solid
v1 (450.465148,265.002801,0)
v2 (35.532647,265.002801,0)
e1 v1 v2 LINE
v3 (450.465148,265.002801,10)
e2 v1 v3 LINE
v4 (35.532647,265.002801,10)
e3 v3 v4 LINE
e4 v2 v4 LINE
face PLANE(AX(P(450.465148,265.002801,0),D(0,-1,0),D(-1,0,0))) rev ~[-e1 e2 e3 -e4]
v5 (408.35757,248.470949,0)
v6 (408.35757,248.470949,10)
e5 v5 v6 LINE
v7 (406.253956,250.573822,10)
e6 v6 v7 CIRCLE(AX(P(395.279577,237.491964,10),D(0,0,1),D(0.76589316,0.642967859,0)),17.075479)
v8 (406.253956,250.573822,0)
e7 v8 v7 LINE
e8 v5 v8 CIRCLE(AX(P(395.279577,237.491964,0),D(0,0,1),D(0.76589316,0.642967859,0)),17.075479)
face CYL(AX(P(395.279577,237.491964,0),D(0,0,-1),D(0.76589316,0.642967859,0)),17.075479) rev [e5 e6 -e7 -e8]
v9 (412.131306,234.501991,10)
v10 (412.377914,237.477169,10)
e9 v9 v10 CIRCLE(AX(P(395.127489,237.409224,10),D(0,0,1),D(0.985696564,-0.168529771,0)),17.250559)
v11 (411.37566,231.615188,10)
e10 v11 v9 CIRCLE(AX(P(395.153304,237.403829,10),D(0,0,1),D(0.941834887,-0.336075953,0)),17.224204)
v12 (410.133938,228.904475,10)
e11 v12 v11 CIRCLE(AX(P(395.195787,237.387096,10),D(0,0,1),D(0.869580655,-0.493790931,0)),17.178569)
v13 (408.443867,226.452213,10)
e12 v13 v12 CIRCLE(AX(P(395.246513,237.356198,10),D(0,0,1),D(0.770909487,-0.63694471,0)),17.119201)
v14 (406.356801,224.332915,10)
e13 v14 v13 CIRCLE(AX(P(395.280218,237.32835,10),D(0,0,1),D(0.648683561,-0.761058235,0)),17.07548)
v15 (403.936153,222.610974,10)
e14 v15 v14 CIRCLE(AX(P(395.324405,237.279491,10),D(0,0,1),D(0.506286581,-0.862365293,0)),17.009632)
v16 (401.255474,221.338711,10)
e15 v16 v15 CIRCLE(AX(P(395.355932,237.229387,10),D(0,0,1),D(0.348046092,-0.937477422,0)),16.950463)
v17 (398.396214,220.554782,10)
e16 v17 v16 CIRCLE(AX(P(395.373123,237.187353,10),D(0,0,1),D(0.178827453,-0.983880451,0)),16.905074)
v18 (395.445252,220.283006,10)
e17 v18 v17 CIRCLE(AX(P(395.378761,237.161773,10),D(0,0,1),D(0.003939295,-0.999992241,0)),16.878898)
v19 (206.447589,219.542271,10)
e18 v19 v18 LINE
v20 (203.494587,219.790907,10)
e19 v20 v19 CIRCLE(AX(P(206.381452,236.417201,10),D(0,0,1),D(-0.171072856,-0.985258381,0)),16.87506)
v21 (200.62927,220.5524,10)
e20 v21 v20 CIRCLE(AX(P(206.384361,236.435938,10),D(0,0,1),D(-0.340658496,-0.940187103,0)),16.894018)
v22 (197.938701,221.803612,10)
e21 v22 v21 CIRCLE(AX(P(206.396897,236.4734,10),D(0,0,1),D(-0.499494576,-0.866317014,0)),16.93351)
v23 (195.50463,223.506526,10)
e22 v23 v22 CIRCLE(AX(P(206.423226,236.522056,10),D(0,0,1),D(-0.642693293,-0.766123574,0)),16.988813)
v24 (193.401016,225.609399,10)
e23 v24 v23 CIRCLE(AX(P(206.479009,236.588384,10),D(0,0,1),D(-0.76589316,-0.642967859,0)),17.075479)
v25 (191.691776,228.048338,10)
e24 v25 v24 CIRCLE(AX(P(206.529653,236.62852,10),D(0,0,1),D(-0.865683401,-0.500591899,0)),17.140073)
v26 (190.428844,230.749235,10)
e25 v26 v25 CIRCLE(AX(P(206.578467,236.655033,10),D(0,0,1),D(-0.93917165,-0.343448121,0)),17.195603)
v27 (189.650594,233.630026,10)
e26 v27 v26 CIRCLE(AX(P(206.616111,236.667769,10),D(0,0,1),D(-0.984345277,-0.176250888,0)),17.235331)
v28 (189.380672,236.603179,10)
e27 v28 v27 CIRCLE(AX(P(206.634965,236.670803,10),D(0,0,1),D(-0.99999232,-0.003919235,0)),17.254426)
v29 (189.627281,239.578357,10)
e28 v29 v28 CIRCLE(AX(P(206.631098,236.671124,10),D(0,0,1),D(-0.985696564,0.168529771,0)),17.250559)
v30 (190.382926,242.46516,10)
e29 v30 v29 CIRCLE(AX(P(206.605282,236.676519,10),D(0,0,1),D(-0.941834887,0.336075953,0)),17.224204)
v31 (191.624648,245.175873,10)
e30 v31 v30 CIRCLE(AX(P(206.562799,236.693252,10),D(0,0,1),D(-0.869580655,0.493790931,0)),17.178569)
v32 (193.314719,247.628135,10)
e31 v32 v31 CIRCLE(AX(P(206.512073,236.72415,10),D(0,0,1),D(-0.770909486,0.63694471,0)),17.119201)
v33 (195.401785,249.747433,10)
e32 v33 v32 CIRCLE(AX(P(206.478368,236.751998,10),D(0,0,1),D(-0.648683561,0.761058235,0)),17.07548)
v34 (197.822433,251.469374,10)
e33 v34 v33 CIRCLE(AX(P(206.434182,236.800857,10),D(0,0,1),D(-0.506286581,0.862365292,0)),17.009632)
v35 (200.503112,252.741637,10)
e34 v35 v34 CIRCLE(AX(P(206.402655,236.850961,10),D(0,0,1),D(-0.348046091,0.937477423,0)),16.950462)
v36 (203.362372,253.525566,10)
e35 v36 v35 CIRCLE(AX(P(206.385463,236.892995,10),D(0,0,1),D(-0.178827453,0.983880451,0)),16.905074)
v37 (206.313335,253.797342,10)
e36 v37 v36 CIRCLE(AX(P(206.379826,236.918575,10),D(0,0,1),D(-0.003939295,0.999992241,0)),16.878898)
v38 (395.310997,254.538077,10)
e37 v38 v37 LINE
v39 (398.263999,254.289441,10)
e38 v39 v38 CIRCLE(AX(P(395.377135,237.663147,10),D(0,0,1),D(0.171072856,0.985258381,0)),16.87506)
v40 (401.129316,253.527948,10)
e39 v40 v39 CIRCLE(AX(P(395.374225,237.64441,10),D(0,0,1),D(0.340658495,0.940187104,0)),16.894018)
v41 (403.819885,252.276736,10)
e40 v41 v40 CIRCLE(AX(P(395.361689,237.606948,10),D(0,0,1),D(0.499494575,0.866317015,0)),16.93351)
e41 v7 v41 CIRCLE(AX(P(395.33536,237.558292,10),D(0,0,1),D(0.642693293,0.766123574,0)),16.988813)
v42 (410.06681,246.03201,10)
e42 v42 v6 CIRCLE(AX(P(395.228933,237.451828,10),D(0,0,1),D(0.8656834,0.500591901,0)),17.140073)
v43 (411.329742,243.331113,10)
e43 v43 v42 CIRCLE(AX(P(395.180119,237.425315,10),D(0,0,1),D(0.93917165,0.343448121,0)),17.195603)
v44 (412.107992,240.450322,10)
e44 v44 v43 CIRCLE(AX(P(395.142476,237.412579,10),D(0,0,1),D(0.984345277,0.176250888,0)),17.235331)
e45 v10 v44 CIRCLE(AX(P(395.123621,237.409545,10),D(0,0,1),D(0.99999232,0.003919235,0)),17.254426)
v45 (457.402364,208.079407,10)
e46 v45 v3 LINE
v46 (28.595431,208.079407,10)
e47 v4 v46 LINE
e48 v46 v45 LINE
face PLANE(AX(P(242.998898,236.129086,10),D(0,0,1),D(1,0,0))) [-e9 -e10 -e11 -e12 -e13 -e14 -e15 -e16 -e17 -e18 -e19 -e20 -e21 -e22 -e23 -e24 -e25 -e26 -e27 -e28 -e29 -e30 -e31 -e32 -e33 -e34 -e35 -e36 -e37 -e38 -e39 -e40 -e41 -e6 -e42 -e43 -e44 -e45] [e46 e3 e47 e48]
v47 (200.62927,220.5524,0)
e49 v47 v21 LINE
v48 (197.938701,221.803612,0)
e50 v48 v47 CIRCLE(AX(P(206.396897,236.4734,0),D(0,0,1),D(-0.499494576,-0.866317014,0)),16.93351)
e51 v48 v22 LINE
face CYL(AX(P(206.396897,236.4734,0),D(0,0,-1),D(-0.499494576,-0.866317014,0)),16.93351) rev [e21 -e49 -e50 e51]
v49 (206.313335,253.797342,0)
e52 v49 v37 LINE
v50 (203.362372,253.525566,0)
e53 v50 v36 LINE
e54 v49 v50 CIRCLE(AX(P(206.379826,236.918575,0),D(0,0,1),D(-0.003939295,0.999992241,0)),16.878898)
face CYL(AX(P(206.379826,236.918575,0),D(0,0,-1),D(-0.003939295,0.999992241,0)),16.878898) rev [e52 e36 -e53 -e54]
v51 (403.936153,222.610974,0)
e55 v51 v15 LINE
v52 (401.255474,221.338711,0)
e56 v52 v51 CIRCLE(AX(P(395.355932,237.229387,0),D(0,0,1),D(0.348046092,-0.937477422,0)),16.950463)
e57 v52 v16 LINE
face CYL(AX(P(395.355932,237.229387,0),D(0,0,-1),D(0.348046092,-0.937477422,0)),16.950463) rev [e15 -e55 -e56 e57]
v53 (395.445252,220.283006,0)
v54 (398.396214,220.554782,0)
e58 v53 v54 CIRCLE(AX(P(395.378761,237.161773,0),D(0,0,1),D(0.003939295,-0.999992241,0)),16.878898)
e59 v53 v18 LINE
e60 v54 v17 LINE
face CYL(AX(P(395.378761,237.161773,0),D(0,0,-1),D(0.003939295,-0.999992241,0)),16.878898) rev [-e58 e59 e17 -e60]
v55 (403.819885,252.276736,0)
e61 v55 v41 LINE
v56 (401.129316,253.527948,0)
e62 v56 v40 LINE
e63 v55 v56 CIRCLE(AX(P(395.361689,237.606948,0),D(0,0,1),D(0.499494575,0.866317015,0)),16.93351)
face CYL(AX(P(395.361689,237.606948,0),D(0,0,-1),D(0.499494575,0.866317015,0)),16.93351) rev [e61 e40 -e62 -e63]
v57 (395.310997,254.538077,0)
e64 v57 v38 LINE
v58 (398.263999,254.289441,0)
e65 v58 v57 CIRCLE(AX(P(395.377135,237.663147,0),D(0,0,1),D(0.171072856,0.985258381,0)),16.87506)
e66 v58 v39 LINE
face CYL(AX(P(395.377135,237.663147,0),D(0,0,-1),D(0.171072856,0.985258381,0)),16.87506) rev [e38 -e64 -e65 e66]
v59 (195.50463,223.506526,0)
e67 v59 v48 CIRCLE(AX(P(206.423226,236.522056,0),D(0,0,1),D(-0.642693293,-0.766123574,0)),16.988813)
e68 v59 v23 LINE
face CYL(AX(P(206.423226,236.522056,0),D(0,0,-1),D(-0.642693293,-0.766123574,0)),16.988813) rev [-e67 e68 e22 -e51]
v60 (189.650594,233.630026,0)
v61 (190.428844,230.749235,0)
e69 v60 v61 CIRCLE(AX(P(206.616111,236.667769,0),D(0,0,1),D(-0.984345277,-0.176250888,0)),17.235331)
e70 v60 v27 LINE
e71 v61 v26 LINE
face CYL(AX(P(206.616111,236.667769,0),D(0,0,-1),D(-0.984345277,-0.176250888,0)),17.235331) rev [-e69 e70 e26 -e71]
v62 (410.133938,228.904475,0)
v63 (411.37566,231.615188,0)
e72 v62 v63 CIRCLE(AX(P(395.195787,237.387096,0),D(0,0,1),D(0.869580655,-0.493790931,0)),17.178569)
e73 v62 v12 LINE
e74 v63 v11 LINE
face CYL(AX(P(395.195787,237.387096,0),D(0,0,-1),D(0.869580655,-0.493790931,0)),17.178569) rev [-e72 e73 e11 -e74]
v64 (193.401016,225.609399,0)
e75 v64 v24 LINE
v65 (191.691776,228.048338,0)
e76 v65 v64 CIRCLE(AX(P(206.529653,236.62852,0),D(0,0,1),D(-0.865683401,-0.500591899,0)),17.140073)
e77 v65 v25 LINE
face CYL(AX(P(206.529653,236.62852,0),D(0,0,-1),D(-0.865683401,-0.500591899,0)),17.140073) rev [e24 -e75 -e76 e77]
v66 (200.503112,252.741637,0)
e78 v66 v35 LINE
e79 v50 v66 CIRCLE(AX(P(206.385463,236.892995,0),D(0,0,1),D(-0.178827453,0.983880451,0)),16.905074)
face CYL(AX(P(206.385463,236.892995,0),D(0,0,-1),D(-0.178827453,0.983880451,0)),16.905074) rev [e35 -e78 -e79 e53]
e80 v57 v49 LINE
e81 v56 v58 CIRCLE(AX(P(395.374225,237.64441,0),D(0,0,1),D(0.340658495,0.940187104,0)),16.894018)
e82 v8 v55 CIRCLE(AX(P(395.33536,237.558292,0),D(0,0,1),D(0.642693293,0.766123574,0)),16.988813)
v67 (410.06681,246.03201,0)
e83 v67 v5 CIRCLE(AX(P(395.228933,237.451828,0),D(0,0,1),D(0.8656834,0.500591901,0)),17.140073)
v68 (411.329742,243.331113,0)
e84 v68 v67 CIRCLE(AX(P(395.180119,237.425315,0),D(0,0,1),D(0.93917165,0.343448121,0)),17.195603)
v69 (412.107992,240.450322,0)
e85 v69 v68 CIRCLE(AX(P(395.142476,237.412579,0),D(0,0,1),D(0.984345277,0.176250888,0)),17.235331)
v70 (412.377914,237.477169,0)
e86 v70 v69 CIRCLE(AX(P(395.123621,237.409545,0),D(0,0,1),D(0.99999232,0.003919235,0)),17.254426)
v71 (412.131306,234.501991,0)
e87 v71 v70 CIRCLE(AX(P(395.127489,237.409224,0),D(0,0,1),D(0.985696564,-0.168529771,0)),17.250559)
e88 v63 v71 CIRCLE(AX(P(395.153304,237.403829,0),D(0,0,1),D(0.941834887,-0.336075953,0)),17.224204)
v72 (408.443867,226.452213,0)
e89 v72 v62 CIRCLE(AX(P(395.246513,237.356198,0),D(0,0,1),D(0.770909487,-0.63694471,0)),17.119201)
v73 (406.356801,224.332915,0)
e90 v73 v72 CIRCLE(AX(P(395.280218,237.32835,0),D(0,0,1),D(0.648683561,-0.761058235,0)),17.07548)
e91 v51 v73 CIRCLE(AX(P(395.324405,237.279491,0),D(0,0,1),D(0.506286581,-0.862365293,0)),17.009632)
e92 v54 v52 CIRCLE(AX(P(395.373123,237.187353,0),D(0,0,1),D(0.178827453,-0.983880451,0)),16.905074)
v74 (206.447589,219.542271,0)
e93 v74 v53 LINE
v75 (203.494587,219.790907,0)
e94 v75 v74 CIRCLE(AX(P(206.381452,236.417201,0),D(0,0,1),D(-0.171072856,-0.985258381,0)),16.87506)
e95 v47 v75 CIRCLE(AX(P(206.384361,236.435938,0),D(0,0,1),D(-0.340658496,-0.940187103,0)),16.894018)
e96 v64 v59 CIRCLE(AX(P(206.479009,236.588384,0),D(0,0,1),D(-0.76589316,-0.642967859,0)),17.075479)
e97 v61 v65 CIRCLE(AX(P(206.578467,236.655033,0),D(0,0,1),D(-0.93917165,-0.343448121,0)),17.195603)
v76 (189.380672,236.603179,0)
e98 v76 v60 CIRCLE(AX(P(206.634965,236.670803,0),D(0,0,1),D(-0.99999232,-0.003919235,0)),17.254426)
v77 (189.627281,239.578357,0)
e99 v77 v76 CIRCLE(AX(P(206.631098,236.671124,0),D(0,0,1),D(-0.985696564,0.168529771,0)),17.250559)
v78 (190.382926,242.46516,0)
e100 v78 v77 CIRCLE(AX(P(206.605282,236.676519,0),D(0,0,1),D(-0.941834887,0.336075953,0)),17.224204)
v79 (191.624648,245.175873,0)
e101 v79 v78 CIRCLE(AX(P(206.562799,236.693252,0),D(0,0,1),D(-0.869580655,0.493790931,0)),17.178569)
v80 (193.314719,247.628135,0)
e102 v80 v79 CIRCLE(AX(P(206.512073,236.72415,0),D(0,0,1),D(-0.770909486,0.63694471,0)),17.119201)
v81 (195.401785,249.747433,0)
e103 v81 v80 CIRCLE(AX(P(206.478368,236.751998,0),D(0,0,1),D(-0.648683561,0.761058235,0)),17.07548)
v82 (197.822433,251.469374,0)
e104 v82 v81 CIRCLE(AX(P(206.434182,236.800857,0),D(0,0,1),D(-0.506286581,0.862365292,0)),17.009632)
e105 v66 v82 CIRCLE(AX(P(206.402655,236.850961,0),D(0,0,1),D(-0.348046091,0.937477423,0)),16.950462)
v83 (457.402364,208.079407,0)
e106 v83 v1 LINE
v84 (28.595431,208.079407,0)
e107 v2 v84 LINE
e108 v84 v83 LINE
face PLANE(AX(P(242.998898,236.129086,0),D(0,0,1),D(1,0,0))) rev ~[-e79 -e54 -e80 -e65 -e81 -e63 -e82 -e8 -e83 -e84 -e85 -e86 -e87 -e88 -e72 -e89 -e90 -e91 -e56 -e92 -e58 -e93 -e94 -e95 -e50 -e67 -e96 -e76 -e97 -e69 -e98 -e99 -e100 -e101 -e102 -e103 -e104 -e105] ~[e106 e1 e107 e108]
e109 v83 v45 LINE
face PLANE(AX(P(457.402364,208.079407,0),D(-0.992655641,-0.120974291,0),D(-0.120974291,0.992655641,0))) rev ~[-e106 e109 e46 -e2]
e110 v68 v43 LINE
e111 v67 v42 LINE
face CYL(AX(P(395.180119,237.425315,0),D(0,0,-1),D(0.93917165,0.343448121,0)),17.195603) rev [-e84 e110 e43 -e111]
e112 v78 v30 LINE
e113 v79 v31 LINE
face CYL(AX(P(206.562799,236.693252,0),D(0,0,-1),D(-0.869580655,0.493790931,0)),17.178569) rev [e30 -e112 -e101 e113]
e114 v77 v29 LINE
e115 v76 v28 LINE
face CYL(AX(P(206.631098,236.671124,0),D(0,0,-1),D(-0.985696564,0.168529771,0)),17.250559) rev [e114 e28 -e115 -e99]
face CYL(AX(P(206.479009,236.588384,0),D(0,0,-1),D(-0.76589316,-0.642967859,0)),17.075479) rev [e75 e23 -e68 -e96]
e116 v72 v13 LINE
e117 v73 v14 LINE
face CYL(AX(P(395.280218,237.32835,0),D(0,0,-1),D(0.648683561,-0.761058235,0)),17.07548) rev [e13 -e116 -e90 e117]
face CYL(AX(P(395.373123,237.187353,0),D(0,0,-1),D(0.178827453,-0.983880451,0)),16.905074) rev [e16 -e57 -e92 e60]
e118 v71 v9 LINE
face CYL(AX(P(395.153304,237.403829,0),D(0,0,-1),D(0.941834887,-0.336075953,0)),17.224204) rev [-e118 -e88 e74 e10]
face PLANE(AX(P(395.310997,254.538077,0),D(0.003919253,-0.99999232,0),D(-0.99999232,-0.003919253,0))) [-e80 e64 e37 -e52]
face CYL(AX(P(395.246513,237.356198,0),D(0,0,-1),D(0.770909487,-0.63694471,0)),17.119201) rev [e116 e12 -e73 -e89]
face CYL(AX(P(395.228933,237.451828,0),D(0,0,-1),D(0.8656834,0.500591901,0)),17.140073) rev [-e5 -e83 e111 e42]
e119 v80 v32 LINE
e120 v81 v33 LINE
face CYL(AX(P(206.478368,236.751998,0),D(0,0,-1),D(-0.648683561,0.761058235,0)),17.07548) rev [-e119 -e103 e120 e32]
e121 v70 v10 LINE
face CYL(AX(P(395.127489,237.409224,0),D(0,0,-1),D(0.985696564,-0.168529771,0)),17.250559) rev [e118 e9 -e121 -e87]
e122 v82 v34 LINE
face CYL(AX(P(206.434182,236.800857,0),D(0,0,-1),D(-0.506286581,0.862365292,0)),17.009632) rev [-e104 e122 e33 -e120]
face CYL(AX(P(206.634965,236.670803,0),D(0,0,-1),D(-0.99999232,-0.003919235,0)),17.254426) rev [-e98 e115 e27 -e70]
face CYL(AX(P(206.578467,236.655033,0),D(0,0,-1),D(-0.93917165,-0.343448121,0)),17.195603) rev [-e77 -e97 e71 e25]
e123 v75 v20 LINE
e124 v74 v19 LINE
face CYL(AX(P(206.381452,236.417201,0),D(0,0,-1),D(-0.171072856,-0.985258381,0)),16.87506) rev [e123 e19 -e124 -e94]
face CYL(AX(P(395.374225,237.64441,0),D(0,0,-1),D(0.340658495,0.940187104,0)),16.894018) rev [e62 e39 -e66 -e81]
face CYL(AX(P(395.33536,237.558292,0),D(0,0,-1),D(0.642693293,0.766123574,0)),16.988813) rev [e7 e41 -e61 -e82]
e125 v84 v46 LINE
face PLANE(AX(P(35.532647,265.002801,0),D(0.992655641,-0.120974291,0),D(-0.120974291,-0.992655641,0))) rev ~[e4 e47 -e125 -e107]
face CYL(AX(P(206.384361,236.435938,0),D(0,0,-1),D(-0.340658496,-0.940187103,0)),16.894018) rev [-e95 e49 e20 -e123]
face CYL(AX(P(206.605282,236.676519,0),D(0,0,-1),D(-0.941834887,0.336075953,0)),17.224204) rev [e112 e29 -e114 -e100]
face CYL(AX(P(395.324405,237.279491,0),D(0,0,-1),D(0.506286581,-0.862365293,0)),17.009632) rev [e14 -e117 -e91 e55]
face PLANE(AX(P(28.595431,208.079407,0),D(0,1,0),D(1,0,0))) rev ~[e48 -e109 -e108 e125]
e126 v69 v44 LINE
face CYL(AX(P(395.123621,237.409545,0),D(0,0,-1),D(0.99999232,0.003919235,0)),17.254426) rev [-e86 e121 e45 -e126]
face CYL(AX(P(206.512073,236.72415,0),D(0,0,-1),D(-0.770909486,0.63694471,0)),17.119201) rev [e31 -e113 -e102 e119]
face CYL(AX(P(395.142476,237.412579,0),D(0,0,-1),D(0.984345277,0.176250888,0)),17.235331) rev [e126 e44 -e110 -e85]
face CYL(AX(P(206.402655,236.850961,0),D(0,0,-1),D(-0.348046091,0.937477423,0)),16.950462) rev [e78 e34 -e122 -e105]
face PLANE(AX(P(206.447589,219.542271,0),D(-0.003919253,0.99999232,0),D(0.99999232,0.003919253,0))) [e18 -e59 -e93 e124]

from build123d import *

# Parameters (mm, degrees)
BOSS_EXTRUDE1_DEPTH = 10


with BuildPart() as part:
    # Model → Boss-Extrude1 (new body)
    with BuildSketch(Plane.XY):
        Polygon((28.595430627, 208.079406788), (457.402364394, 208.079406788), (450.465147668, 265.002801404), (35.532647353, 265.002801404), align=None)
        with BuildLine():
            Line((395.310996933, 254.538077216), (206.313334547, 253.79734179))
            ThreePointArc((206.313334547, 253.79734179), (204.831877168, 253.726342411), (203.362371854, 253.525566384))
            ThreePointArc((203.362371854, 253.525566384), (201.915523421, 253.196404178), (200.503112299, 252.741637237))
            ThreePointArc((200.503112299, 252.741637237), (199.134879559, 252.164276657), (197.822433038, 251.469373641))
            ThreePointArc((197.822433038, 251.469373641), (196.574446388, 250.661348154), (195.401785154, 249.747432679))
            ThreePointArc((195.401785154, 249.747432679), (194.312018164, 248.73331433), (193.314718807, 247.628134658))
            ThreePointArc((193.314718807, 247.628134658), (192.416254629, 246.43882667), (191.624648452, 245.175873375))
            ThreePointArc((191.624648452, 245.175873375), (190.944865739, 243.847507192), (190.382926022, 242.465159548))
            ThreePointArc((190.382926022, 242.465159548), (189.942468925, 241.038153288), (189.627280625, 239.578356845))
            ThreePointArc((189.627280625, 239.578356845), (189.439494965, 238.096112854), (189.380672163, 236.603179306))
            ThreePointArc((189.380672163, 236.603179306), (189.451209877, 235.110754019), (189.65059371, 233.630026194))
            ThreePointArc((189.65059371, 233.630026194), (189.977255318, 232.172756129), (190.428843836, 230.749235263))
            ThreePointArc((190.428843836, 230.749235263), (191.001660076, 229.37136212), (191.691775805, 228.048337887))
            ThreePointArc((191.691775805, 228.048337887), (192.493322165, 226.791673876), (193.401016068, 225.609399465))
            ThreePointArc((193.401016068, 225.609399465), (194.406947639, 224.512071023), (195.504630226, 223.506525909))
            ThreePointArc((195.504630226, 223.506525909), (196.684373261, 222.601764862), (197.938701025, 221.803611967))
            ThreePointArc((197.938701025, 221.803611967), (199.256526594, 221.11895856), (200.629270456, 220.552399817))
            ThreePointArc((200.629270456, 220.552399817), (202.045191851, 220.108676612), (203.494586929, 219.790906907))
            ThreePointArc((203.494586929, 219.790906907), (204.965619617, 219.601640863), (206.447589253, 219.542270814))
            Line((206.447589253, 219.542270814), (395.445251639, 220.28300624))
            ThreePointArc((395.445251639, 220.28300624), (396.926709019, 220.354005619), (398.396214333, 220.554781645))
            ThreePointArc((398.396214333, 220.554781645), (399.843062766, 220.883943851), (401.255473887, 221.338710792))
            ThreePointArc((401.255473887, 221.338710792), (402.623706627, 221.916071373), (403.936153148, 222.610974389))
            ThreePointArc((403.936153148, 222.610974389), (405.184139798, 223.418999875), (406.356801033, 224.33291535))
            ThreePointArc((406.356801033, 224.33291535), (407.446568022, 225.347033699), (408.44386738, 226.452213372))
            ThreePointArc((408.44386738, 226.452213372), (409.342331557, 227.641521359), (410.133937735, 228.904474655))
            ThreePointArc((410.133937735, 228.904474655), (410.813720448, 230.232840838), (411.375660165, 231.615188482))
            ThreePointArc((411.375660165, 231.615188482), (411.816117262, 233.042194741), (412.131305562, 234.501991184))
            ThreePointArc((412.131305562, 234.501991184), (412.319091222, 235.984235175), (412.377914024, 237.477168724))
            ThreePointArc((412.377914024, 237.477168724), (412.30737631, 238.96959401), (412.107992477, 240.450321835))
            ThreePointArc((412.107992477, 240.450321835), (411.781330869, 241.9075919), (411.329742351, 243.331112767))
            ThreePointArc((411.329742351, 243.331112767), (410.756926111, 244.708985909), (410.066810382, 246.032010143))
            ThreePointArc((410.066810382, 246.032010143), (409.265264021, 247.288674153), (408.357570118, 248.470948564))
            ThreePointArc((408.357570118, 248.470948564), (407.351638547, 249.568277006), (406.253955961, 250.57382212))
            ThreePointArc((406.253955961, 250.57382212), (405.074212926, 251.478583167), (403.819885162, 252.276736063))
            ThreePointArc((403.819885162, 252.276736063), (402.502059592, 252.961389469), (401.129315731, 253.527948213))
            ThreePointArc((401.129315731, 253.527948213), (399.713394336, 253.971671417), (398.263999257, 254.289441123))
            ThreePointArc((398.263999257, 254.289441123), (396.792966569, 254.478707167), (395.310996933, 254.538077216))
        make_face(mode=Mode.SUBTRACT)
    extrude(amount=BOSS_EXTRUDE1_DEPTH)


solid = part.part
